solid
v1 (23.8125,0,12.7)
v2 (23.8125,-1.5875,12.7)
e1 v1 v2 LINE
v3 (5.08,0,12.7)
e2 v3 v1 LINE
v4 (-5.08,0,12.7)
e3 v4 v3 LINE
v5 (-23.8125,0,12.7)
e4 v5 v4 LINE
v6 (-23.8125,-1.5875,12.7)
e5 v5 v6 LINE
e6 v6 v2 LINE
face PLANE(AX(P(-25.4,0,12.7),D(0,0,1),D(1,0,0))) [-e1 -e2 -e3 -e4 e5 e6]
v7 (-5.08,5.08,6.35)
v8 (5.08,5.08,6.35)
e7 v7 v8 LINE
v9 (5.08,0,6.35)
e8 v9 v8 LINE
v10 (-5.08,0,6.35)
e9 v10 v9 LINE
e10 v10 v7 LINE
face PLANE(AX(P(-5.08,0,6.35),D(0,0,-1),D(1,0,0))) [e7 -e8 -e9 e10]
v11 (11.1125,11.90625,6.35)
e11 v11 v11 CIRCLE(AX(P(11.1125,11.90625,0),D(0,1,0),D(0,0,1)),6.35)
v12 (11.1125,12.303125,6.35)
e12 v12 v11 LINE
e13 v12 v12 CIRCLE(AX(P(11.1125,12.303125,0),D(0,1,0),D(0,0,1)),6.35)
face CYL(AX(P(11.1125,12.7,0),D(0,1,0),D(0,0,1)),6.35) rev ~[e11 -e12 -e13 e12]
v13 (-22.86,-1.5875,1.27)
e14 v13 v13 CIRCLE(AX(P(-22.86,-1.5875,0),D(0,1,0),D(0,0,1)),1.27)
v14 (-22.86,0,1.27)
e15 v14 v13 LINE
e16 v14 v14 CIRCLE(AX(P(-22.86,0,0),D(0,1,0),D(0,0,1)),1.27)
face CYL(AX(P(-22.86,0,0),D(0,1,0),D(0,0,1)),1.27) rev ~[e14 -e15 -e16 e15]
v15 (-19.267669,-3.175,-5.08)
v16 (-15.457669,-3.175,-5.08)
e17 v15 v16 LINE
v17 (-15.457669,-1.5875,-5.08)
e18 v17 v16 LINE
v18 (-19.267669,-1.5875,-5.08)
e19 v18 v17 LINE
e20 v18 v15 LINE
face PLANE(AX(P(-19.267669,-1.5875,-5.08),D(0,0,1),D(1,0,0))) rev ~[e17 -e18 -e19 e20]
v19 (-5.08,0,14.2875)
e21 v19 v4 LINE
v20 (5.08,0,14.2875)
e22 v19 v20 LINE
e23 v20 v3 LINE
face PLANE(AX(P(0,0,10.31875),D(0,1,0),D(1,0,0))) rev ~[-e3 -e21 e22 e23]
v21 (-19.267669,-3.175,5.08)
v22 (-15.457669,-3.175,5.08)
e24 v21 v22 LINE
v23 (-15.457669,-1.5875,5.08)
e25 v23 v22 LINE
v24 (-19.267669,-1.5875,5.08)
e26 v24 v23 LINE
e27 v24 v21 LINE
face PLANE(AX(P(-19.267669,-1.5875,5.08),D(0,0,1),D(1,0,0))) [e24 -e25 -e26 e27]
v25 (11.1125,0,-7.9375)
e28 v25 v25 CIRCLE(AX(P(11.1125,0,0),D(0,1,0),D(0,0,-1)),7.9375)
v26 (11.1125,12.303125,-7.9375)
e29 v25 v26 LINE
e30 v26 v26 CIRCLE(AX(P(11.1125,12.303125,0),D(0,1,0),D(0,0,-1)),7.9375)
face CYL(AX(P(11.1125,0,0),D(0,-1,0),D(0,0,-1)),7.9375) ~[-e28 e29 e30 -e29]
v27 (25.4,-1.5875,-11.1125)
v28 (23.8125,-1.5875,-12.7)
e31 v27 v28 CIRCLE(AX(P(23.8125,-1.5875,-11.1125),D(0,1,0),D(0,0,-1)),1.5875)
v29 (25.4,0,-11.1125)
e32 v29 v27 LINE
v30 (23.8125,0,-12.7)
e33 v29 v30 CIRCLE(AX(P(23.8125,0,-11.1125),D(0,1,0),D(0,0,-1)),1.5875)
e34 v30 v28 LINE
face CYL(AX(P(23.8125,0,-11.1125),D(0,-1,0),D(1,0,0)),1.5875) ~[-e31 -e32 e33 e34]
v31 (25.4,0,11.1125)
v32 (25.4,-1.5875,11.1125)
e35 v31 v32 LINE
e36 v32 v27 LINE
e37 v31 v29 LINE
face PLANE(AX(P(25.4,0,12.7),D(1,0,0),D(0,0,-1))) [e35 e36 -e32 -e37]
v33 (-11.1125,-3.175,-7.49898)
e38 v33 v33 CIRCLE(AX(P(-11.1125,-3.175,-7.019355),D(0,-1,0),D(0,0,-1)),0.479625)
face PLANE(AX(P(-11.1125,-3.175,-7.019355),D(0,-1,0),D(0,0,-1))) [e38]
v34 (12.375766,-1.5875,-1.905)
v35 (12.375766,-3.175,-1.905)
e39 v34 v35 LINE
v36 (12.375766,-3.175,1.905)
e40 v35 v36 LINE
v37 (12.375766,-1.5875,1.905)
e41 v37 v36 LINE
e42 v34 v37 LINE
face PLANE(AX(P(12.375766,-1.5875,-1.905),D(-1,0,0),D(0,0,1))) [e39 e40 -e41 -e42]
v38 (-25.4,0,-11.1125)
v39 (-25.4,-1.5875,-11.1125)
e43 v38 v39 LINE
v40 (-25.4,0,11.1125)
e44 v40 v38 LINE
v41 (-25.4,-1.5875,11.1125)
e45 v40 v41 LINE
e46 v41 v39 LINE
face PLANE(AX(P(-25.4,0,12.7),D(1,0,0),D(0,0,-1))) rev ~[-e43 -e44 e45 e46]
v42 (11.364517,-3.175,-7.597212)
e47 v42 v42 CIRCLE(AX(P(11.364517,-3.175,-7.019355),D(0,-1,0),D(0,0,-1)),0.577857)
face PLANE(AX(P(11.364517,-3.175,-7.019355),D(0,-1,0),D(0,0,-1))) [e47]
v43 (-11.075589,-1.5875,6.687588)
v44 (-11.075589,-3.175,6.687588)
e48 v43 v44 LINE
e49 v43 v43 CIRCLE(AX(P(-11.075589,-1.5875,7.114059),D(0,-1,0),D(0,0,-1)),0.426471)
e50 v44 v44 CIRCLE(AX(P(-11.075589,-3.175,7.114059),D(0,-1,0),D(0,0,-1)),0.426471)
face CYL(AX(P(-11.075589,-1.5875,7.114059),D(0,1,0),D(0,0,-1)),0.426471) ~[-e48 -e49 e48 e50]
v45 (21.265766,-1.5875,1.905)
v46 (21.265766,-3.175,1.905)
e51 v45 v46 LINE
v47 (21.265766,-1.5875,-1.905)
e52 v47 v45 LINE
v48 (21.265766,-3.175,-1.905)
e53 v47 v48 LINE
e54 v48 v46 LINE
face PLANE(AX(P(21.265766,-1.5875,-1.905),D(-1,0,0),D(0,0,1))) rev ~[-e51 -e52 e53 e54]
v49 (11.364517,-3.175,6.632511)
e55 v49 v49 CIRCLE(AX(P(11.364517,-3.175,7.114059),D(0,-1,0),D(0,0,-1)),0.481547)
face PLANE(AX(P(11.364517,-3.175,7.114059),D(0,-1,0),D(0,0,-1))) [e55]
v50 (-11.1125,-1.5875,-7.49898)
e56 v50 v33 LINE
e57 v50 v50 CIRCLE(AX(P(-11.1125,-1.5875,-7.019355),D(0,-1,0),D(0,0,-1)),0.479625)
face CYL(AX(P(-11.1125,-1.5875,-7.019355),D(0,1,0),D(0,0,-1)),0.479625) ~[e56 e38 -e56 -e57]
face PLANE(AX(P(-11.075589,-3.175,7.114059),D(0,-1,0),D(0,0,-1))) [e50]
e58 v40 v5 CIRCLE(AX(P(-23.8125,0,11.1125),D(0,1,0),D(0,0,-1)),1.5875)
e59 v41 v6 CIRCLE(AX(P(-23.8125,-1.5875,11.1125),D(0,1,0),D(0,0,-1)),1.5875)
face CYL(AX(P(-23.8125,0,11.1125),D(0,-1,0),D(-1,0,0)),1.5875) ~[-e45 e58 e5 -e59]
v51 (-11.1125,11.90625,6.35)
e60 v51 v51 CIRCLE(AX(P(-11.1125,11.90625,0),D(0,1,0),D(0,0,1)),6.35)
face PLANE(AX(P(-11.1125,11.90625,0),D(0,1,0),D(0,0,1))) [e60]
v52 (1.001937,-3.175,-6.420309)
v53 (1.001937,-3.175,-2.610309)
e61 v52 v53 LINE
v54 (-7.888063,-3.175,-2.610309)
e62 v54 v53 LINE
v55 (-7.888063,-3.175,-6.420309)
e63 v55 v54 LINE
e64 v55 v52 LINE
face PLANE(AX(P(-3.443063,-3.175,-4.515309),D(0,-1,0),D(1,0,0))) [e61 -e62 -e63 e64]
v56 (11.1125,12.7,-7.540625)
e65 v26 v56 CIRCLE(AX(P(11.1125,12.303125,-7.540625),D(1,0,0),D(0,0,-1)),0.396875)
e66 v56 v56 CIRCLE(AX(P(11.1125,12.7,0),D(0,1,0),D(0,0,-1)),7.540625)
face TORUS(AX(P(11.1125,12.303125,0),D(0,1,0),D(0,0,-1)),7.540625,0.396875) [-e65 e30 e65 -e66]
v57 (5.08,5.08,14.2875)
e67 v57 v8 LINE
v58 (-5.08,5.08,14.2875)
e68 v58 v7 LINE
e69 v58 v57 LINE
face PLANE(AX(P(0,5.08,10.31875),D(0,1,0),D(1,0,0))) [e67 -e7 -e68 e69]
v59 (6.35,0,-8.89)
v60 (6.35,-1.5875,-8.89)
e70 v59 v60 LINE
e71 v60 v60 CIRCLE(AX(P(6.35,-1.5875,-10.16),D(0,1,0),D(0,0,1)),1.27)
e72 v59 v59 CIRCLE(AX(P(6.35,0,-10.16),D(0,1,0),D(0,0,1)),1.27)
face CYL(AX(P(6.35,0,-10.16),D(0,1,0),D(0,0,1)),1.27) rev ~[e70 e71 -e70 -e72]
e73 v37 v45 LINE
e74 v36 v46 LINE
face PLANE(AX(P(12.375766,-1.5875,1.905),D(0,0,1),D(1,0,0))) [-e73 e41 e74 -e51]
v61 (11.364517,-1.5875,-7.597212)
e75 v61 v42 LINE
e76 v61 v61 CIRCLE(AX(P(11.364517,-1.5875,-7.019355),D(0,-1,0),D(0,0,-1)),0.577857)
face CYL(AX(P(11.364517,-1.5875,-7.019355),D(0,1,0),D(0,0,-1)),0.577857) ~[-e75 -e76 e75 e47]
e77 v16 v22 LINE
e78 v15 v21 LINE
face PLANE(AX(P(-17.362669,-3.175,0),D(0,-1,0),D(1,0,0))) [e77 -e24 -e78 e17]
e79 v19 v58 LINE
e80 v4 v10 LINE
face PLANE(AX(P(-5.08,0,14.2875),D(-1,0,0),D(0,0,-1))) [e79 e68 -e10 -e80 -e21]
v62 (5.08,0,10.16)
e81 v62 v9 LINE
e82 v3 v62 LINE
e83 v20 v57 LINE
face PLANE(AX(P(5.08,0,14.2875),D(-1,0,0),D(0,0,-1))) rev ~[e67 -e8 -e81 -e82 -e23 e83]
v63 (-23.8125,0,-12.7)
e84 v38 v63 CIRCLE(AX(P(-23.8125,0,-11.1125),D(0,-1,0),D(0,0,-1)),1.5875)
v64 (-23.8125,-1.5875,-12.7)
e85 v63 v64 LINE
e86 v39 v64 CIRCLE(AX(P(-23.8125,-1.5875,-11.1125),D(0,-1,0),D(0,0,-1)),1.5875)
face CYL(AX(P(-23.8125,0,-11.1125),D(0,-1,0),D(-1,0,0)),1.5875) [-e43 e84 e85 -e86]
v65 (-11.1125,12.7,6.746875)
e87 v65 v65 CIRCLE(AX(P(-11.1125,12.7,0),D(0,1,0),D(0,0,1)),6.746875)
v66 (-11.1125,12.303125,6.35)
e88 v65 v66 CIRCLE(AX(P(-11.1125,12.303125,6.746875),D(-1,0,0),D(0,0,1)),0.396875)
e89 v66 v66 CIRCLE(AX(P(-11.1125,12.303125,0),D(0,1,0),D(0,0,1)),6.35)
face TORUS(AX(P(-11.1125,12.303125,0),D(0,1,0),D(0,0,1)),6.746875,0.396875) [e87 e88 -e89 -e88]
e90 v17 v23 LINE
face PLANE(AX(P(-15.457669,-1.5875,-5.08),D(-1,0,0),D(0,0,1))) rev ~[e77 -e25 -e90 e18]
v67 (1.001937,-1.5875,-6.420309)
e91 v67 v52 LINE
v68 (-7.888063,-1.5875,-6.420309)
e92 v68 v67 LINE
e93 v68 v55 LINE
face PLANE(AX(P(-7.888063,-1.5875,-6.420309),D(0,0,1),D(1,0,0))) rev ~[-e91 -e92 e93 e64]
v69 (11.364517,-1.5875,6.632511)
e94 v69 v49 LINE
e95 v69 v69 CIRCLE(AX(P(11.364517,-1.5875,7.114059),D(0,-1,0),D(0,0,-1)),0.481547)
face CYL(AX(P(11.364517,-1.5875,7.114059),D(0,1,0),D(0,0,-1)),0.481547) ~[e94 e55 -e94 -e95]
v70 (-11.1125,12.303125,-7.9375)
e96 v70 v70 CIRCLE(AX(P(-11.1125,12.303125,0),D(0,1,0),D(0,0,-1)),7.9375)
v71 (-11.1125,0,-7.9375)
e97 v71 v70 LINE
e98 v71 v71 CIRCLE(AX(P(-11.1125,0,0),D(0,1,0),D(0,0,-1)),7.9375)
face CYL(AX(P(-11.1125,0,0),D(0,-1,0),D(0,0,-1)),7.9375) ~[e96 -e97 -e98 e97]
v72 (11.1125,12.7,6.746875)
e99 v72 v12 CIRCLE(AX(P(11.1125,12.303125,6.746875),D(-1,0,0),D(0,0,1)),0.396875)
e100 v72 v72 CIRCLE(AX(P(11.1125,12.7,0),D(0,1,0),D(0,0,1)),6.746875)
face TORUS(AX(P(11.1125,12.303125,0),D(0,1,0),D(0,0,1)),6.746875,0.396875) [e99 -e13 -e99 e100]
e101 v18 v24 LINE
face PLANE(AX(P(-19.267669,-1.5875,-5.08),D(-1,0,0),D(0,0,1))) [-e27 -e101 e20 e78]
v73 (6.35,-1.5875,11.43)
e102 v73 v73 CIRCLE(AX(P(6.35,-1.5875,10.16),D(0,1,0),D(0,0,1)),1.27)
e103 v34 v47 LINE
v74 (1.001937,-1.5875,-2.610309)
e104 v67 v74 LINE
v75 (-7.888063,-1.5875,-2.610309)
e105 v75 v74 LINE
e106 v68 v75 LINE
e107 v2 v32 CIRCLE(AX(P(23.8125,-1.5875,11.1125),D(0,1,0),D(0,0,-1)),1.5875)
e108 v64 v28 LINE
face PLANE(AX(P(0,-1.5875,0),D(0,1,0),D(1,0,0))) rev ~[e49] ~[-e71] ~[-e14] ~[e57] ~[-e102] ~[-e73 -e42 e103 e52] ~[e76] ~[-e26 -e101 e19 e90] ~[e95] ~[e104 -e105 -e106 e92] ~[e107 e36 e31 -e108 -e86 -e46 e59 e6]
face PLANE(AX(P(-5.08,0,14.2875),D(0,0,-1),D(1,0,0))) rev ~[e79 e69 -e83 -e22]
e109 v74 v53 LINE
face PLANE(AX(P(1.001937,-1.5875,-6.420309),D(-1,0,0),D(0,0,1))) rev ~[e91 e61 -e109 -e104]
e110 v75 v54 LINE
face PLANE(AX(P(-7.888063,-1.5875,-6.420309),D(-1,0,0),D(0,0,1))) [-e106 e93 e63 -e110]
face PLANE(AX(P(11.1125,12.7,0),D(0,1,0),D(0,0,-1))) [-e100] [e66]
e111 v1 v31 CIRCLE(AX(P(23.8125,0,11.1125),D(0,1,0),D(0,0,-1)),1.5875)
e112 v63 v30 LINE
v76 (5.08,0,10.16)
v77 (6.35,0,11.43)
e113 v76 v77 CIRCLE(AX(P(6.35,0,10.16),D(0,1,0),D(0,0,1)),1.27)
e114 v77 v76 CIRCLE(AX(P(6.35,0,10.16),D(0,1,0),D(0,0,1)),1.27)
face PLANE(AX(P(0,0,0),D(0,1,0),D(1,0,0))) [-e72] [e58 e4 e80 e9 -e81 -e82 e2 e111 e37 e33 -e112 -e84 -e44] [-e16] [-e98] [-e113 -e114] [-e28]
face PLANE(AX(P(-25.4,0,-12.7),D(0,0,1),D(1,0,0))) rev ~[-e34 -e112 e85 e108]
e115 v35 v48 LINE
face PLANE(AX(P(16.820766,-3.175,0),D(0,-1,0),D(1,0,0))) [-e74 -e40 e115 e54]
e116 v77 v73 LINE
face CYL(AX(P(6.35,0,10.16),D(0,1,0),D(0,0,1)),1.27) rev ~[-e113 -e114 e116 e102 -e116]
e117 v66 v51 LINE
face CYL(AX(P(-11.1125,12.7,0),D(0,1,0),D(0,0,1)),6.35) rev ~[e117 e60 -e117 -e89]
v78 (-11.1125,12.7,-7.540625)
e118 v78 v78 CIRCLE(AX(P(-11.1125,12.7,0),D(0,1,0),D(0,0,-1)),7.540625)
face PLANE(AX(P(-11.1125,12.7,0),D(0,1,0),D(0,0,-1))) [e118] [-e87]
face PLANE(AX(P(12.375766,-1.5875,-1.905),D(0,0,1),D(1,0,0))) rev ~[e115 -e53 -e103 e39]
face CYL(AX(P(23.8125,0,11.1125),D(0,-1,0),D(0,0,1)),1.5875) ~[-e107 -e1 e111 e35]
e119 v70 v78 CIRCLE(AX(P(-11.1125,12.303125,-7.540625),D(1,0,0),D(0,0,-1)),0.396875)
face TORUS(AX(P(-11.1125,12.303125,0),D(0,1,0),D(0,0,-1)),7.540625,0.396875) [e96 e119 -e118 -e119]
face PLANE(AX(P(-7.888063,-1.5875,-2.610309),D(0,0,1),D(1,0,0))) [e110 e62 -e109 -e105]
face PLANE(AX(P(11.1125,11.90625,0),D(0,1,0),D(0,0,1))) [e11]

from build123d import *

# Parameters (mm, degrees)
SKETCH5_W           = 50.8
SKETCH5_H           = 25.4
BOSS_EXTRUDE4_DEPTH = 1.5875
FILLET1_R           = 1.5875
SKETCH6_R           = 1.27
CUT_EXTRUDE1_DEPTH  = 29.442400677
SKETCH7_R           = 7.9375
BOSS_EXTRUDE5_DEPTH = 12.7
SKETCH8_R           = 6.35
CUT_EXTRUDE2_DEPTH  = 0.79375
FILLET2_R           = 0.396875
SKETCH9_W           = 10.16
SKETCH9_H           = 7.9375
BOSS_EXTRUDE6_DEPTH = 5.08
SKETCH10_R          = 0.426470585
SKETCH10_R_2        = 0.479624958
SKETCH10_R_3        = 0.577856792
SKETCH10_R_4        = 0.481547326
SKETCH10_W          = 3.81
SKETCH10_H          = 10.16
SKETCH10_W_2        = 8.89
SKETCH10_H_2        = 3.81
BOSS_EXTRUDE7_DEPTH = 1.5875


with BuildPart() as part:
    # Sketch5 → Boss-Extrude4 (new body)
    with BuildSketch(Plane(origin=(0, 0, 0), x_dir=(1, 0, 0), z_dir=(0, 1, 0))):
        Rectangle(SKETCH5_W, SKETCH5_H)
    extrude(amount=-BOSS_EXTRUDE4_DEPTH)

    # Fillet1
    fillet1_edges = [part.edges().sort_by_distance(p)[0] for p in [
        (25.4, -0.79375, 12.7),
        (-25.4, -0.79375, 12.7),
        (-25.4, -0.79375, -12.7),
        (25.4, -0.79375, -12.7),
    ]]
    fillet(fillet1_edges, radius=FILLET1_R)

    # Sketch6 → Cut-Extrude1 (cut, through all)
    with BuildSketch(Plane(origin=(0, 0, 0), x_dir=(1, 0, 0), z_dir=(0, 1, 0))):
        with Locations(Location((-22.86, 0, 0), (0, 0, 270))):
            Circle(SKETCH6_R)
        with Locations(Location((6.35, 10.16, 0), (0, 0, 270))):
            Circle(SKETCH6_R)
        with Locations(Location((6.35, -10.16, 0), (0, 0, 270))):
            Circle(SKETCH6_R)
    extrude(amount=-CUT_EXTRUDE1_DEPTH, mode=Mode.SUBTRACT)

    # Sketch7 → Boss-Extrude5 (add)
    with BuildSketch(Plane(origin=(0, 0, 0), x_dir=(1, 0, 0), z_dir=(0, 1, 0))):
        with Locations(Location((11.1125, 0, 0), (0, 0, 90))):
            Circle(SKETCH7_R)
        with Locations(Location((-11.1125, 0, 0), (0, 0, 90))):
            Circle(SKETCH7_R)
    extrude(amount=BOSS_EXTRUDE5_DEPTH)

    # Sketch8 → Cut-Extrude2 (cut)
    with BuildSketch(Plane(origin=(0, 12.7, 0), x_dir=(1, 0, 0), z_dir=(0, 1, 0))):
        with Locations(Location((-11.1125, 0, 0), (0, 0, 270))):
            Circle(SKETCH8_R)
        with Locations(Location((11.1125, 0, 0), (0, 0, 270))):
            Circle(SKETCH8_R)
    extrude(amount=-CUT_EXTRUDE2_DEPTH, mode=Mode.SUBTRACT)

    # Fillet2
    fillet2_edges = [part.edges().sort_by_distance(p)[0] for p in [
        (11.1125, 12.7, 7.9375),
        (-11.1125, 12.7, 7.9375),
        (-11.1125, 12.7, -6.35),
        (11.1125, 12.7, -6.35),
    ]]
    fillet(fillet2_edges, radius=FILLET2_R)

    # Sketch9 → Boss-Extrude6 (add)
    with BuildSketch(Plane(origin=(0, 0, 0), x_dir=(1, 0, 0), z_dir=(0, 1, 0))):
        with Locations((0, -10.31875)):
            Rectangle(SKETCH9_W, SKETCH9_H)
    extrude(amount=BOSS_EXTRUDE6_DEPTH)

    # Sketch10 → Boss-Extrude7 (add)
    with BuildSketch(Plane.XZ.offset(1.5875)):
        with Locations(Location((-11.075588504, 7.114058657, 0), (0, 0, 270))):
            Circle(SKETCH10_R)
        with Locations(Location((-11.1125, -7.019355369, 0), (0, 0, 270))):
            Circle(SKETCH10_R_2)
        with Locations(Location((11.3645169, -7.019355369, 0), (0, 0, 270))):
            Circle(SKETCH10_R_3)
        with Locations(Location((11.3645169, 7.114058657, 0), (0, 0, 270))):
            Circle(SKETCH10_R_4)
        with Locations((-17.362669173, 0)):
            Rectangle(SKETCH10_W, SKETCH10_H)
        with Locations((16.820766285, 0)):
            Rectangle(SKETCH10_W_2, SKETCH10_H_2)
        with Locations((-3.443063383, -4.515309272)):
            Rectangle(SKETCH10_W_2, SKETCH10_H_2)
    extrude(amount=BOSS_EXTRUDE7_DEPTH)


solid = part.part
